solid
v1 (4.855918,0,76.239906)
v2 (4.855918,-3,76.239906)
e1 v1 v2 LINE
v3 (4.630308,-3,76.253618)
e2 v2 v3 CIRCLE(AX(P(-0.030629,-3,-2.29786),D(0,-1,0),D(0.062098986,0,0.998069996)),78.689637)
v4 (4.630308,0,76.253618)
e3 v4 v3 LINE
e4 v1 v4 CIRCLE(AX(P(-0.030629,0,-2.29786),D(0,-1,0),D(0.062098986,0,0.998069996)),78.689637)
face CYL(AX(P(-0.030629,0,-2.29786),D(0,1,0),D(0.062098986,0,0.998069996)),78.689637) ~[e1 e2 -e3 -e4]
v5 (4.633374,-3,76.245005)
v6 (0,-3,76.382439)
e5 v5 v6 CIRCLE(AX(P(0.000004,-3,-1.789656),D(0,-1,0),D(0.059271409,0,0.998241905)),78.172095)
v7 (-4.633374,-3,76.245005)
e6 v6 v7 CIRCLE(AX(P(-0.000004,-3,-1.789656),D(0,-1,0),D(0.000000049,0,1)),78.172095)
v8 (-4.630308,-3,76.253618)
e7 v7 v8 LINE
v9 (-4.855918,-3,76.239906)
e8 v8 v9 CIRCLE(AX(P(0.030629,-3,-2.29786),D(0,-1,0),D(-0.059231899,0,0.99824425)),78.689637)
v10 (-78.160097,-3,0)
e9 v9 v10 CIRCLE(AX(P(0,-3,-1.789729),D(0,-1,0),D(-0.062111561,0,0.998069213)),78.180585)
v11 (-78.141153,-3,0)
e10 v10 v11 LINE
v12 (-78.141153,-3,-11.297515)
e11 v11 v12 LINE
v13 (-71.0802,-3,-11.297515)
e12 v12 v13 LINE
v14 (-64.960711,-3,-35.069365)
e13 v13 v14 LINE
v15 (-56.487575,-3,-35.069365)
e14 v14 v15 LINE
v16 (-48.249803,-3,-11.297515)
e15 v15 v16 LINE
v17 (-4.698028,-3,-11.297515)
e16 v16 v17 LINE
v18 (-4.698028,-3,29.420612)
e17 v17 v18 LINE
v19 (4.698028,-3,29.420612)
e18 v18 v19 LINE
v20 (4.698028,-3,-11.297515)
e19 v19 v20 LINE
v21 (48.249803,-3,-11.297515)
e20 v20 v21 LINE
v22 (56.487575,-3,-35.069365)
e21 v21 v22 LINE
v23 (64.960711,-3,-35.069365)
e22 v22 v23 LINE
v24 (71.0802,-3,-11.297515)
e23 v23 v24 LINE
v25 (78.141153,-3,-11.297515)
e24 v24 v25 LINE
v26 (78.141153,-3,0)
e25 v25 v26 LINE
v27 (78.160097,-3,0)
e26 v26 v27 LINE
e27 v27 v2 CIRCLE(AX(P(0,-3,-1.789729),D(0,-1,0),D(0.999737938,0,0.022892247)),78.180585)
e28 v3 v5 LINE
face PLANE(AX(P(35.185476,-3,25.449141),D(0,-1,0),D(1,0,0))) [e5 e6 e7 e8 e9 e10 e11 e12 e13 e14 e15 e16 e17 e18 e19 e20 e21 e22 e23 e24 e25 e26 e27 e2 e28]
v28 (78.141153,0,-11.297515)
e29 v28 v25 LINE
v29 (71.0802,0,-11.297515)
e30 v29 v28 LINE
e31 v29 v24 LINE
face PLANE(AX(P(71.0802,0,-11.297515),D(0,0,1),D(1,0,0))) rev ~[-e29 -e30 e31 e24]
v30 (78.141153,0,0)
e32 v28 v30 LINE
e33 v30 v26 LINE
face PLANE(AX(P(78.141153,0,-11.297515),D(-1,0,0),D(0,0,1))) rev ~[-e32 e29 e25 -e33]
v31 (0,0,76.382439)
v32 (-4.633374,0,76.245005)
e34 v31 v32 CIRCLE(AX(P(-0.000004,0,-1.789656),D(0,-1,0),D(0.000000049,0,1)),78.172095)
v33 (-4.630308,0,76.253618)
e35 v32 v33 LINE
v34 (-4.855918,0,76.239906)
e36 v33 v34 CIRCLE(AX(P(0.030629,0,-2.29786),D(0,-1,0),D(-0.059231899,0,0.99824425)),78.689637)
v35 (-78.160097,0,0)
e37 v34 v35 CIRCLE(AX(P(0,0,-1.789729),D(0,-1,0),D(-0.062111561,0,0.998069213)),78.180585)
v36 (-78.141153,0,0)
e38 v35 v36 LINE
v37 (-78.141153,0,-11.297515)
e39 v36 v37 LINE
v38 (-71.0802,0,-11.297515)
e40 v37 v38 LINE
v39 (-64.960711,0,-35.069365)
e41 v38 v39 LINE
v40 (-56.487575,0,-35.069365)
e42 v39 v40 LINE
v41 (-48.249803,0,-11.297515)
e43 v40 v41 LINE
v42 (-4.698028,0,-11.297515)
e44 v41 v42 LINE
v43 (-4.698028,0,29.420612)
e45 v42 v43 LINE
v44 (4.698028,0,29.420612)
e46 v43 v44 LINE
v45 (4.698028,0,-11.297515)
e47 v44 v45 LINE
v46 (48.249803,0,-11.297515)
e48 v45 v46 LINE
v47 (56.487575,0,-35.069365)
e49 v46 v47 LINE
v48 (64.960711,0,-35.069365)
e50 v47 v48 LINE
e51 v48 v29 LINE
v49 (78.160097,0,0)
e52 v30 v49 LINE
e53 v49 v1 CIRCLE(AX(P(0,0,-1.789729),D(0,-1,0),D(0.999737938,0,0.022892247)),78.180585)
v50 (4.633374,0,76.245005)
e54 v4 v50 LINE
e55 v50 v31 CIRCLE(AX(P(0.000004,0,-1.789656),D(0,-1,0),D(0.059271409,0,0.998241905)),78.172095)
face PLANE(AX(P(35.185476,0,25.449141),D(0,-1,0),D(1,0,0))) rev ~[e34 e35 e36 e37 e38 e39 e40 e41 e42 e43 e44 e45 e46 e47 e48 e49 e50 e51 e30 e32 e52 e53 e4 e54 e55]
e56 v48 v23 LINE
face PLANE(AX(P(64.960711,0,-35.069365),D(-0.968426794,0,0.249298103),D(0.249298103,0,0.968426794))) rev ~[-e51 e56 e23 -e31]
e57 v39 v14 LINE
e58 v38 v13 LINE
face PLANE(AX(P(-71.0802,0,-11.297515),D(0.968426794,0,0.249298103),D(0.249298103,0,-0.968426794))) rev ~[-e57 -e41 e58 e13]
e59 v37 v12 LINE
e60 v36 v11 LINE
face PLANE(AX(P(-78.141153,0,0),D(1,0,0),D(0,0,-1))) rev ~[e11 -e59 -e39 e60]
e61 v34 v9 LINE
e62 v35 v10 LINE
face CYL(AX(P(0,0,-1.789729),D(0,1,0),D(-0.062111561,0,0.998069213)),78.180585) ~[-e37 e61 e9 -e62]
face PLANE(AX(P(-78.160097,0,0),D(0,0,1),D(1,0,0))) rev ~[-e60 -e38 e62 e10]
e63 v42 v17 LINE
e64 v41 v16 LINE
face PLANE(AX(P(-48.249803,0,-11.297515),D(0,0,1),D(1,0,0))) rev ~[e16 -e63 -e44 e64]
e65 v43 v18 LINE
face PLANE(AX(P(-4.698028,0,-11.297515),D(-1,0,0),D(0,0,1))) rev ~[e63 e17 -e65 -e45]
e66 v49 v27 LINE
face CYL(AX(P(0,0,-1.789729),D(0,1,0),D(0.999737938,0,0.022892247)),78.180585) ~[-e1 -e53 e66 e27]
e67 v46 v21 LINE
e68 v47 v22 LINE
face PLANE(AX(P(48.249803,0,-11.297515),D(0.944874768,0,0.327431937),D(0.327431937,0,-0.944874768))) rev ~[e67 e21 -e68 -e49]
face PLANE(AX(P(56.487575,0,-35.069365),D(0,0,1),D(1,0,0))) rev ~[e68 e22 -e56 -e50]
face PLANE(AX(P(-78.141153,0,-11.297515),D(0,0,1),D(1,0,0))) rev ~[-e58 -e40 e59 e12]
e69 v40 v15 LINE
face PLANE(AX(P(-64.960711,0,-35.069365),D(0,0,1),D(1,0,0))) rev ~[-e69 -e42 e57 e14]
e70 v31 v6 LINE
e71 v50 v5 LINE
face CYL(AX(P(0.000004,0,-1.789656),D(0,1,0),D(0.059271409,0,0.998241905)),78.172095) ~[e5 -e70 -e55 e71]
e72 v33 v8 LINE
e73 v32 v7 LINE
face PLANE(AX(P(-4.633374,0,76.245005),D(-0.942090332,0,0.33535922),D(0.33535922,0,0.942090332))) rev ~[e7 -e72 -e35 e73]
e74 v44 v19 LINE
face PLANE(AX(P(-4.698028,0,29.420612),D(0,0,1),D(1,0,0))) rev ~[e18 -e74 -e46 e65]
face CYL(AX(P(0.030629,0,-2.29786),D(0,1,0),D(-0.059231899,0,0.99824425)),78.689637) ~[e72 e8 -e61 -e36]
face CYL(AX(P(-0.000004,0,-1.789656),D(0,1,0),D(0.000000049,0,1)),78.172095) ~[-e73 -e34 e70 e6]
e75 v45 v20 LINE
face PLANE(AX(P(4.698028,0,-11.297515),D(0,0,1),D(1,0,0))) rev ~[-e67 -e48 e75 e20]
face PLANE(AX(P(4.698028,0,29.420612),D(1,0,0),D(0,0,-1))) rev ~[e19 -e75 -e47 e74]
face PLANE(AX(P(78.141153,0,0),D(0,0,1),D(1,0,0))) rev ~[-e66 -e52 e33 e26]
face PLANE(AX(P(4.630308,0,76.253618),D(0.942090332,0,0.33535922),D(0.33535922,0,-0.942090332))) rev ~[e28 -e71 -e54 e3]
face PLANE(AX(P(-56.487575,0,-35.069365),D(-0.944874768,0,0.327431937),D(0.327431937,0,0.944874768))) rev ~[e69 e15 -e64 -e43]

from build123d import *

# Parameters (mm, degrees)
F1_DEPTH = 3


with BuildPart() as f1:
    # F0 (on Front) → F1 (new body)
    with BuildSketch(Plane.XZ):
        with BuildLine():
            Line((4.633374, 76.245005), (4.698028, 76.063357))
            Line((4.698028, 76.063357), (4.698028, 29.420612))
            Line((4.698028, 29.420612), (4.698028, 0))
            Line((4.698028, 0), (4.698028, -11.297515))
            Line((4.698028, -11.297515), (48.249803, -11.297515))
            Line((48.249803, -11.297515), (71.0802, -11.297515))
            Line((71.0802, -11.297515), (78.141153, -11.297515))
            Line((78.141153, -11.297515), (78.141153, 0))
            Line((78.141153, 0), (78.151679, 0))
            ThreePointArc((78.151679, 0), (56.35158, 52.389486), (4.859137, 76.231273))
            ThreePointArc((4.859137, 76.231273), (4.74626, 76.238221), (4.633374, 76.245005))
        make_face()
        with BuildLine():
            Line((4.698028, 29.420612), (4.698028, 76.063357))
            Line((4.698028, 76.063357), (4.633374, 76.245005))
            ThreePointArc((4.633374, 76.245005), (2.317706, 76.348073), (0, 76.382439))
            ThreePointArc((0, 76.382439), (-2.317706, 76.348073), (-4.633374, 76.245005))
            Line((-4.633374, 76.245005), (-4.698028, 76.063357))
            Line((-4.698028, 76.063357), (-4.698028, 29.420612))
            Line((-4.698028, 29.420612), (0, 29.420612))
            Line((0, 29.420612), (4.698028, 29.420612))
        make_face()
        with BuildLine():
            Line((4.630308, 76.253618), (4.633374, 76.245005))
            ThreePointArc((4.633374, 76.245005), (4.74626, 76.238221), (4.859137, 76.231273))
            Line((4.859137, 76.231273), (4.855918, 76.239906))
            ThreePointArc((4.855918, 76.239906), (4.743118, 76.246843), (4.630308, 76.253618))
        make_face()
        with BuildLine():
            Line((4.855918, 76.239906), (4.859137, 76.231273))
            ThreePointArc((4.859137, 76.231273), (56.35158, 52.389486), (78.151679, 0))
            Line((78.151679, 0), (78.160097, 0))
            ThreePointArc((78.160097, 0), (56.356415, 52.396601), (4.855918, 76.239906))
        make_face()
        with BuildLine():
            Line((-4.698028, 0), (-4.698028, 29.420612))
            Line((-4.698028, 29.420612), (-4.698028, 76.063357))
            Line((-4.698028, 76.063357), (-4.633374, 76.245005))
            ThreePointArc((-4.633374, 76.245005), (-4.74626, 76.238221), (-4.859137, 76.231273))
            ThreePointArc((-4.859137, 76.231273), (-56.35158, 52.389486), (-78.151679, 0))
            Line((-78.151679, 0), (-78.141153, 0))
            Line((-78.141153, 0), (-78.141153, -11.297515))
            Line((-78.141153, -11.297515), (-71.0802, -11.297515))
            Line((-71.0802, -11.297515), (-48.249803, -11.297515))
            Line((-48.249803, -11.297515), (-4.698028, -11.297515))
            Line((-4.698028, -11.297515), (-4.698028, 0))
        make_face()
        with BuildLine():
            ThreePointArc((-4.859137, 76.231273), (-4.74626, 76.238221), (-4.633374, 76.245005))
            Line((-4.633374, 76.245005), (-4.630308, 76.253618))
            ThreePointArc((-4.630308, 76.253618), (-4.743118, 76.246843), (-4.855918, 76.239906))
            Line((-4.855918, 76.239906), (-4.859137, 76.231273))
        make_face()
        Polygon((71.0802, -11.297515), (48.249803, -11.297515), (56.487575, -35.069365), (64.960711, -35.069365), align=None)
        with BuildLine():
            ThreePointArc((-78.151679, 0), (-56.35158, 52.389486), (-4.859137, 76.231273))
            Line((-4.859137, 76.231273), (-4.855918, 76.239906))
            ThreePointArc((-4.855918, 76.239906), (-56.356415, 52.396601), (-78.160097, 0))
            Line((-78.160097, 0), (-78.151679, 0))
        make_face()
        Polygon((-56.487575, -35.069365), (-48.249803, -11.297515), (-71.0802, -11.297515), (-64.960711, -35.069365), align=None)
    extrude(amount=F1_DEPTH)


solid = f1.part
